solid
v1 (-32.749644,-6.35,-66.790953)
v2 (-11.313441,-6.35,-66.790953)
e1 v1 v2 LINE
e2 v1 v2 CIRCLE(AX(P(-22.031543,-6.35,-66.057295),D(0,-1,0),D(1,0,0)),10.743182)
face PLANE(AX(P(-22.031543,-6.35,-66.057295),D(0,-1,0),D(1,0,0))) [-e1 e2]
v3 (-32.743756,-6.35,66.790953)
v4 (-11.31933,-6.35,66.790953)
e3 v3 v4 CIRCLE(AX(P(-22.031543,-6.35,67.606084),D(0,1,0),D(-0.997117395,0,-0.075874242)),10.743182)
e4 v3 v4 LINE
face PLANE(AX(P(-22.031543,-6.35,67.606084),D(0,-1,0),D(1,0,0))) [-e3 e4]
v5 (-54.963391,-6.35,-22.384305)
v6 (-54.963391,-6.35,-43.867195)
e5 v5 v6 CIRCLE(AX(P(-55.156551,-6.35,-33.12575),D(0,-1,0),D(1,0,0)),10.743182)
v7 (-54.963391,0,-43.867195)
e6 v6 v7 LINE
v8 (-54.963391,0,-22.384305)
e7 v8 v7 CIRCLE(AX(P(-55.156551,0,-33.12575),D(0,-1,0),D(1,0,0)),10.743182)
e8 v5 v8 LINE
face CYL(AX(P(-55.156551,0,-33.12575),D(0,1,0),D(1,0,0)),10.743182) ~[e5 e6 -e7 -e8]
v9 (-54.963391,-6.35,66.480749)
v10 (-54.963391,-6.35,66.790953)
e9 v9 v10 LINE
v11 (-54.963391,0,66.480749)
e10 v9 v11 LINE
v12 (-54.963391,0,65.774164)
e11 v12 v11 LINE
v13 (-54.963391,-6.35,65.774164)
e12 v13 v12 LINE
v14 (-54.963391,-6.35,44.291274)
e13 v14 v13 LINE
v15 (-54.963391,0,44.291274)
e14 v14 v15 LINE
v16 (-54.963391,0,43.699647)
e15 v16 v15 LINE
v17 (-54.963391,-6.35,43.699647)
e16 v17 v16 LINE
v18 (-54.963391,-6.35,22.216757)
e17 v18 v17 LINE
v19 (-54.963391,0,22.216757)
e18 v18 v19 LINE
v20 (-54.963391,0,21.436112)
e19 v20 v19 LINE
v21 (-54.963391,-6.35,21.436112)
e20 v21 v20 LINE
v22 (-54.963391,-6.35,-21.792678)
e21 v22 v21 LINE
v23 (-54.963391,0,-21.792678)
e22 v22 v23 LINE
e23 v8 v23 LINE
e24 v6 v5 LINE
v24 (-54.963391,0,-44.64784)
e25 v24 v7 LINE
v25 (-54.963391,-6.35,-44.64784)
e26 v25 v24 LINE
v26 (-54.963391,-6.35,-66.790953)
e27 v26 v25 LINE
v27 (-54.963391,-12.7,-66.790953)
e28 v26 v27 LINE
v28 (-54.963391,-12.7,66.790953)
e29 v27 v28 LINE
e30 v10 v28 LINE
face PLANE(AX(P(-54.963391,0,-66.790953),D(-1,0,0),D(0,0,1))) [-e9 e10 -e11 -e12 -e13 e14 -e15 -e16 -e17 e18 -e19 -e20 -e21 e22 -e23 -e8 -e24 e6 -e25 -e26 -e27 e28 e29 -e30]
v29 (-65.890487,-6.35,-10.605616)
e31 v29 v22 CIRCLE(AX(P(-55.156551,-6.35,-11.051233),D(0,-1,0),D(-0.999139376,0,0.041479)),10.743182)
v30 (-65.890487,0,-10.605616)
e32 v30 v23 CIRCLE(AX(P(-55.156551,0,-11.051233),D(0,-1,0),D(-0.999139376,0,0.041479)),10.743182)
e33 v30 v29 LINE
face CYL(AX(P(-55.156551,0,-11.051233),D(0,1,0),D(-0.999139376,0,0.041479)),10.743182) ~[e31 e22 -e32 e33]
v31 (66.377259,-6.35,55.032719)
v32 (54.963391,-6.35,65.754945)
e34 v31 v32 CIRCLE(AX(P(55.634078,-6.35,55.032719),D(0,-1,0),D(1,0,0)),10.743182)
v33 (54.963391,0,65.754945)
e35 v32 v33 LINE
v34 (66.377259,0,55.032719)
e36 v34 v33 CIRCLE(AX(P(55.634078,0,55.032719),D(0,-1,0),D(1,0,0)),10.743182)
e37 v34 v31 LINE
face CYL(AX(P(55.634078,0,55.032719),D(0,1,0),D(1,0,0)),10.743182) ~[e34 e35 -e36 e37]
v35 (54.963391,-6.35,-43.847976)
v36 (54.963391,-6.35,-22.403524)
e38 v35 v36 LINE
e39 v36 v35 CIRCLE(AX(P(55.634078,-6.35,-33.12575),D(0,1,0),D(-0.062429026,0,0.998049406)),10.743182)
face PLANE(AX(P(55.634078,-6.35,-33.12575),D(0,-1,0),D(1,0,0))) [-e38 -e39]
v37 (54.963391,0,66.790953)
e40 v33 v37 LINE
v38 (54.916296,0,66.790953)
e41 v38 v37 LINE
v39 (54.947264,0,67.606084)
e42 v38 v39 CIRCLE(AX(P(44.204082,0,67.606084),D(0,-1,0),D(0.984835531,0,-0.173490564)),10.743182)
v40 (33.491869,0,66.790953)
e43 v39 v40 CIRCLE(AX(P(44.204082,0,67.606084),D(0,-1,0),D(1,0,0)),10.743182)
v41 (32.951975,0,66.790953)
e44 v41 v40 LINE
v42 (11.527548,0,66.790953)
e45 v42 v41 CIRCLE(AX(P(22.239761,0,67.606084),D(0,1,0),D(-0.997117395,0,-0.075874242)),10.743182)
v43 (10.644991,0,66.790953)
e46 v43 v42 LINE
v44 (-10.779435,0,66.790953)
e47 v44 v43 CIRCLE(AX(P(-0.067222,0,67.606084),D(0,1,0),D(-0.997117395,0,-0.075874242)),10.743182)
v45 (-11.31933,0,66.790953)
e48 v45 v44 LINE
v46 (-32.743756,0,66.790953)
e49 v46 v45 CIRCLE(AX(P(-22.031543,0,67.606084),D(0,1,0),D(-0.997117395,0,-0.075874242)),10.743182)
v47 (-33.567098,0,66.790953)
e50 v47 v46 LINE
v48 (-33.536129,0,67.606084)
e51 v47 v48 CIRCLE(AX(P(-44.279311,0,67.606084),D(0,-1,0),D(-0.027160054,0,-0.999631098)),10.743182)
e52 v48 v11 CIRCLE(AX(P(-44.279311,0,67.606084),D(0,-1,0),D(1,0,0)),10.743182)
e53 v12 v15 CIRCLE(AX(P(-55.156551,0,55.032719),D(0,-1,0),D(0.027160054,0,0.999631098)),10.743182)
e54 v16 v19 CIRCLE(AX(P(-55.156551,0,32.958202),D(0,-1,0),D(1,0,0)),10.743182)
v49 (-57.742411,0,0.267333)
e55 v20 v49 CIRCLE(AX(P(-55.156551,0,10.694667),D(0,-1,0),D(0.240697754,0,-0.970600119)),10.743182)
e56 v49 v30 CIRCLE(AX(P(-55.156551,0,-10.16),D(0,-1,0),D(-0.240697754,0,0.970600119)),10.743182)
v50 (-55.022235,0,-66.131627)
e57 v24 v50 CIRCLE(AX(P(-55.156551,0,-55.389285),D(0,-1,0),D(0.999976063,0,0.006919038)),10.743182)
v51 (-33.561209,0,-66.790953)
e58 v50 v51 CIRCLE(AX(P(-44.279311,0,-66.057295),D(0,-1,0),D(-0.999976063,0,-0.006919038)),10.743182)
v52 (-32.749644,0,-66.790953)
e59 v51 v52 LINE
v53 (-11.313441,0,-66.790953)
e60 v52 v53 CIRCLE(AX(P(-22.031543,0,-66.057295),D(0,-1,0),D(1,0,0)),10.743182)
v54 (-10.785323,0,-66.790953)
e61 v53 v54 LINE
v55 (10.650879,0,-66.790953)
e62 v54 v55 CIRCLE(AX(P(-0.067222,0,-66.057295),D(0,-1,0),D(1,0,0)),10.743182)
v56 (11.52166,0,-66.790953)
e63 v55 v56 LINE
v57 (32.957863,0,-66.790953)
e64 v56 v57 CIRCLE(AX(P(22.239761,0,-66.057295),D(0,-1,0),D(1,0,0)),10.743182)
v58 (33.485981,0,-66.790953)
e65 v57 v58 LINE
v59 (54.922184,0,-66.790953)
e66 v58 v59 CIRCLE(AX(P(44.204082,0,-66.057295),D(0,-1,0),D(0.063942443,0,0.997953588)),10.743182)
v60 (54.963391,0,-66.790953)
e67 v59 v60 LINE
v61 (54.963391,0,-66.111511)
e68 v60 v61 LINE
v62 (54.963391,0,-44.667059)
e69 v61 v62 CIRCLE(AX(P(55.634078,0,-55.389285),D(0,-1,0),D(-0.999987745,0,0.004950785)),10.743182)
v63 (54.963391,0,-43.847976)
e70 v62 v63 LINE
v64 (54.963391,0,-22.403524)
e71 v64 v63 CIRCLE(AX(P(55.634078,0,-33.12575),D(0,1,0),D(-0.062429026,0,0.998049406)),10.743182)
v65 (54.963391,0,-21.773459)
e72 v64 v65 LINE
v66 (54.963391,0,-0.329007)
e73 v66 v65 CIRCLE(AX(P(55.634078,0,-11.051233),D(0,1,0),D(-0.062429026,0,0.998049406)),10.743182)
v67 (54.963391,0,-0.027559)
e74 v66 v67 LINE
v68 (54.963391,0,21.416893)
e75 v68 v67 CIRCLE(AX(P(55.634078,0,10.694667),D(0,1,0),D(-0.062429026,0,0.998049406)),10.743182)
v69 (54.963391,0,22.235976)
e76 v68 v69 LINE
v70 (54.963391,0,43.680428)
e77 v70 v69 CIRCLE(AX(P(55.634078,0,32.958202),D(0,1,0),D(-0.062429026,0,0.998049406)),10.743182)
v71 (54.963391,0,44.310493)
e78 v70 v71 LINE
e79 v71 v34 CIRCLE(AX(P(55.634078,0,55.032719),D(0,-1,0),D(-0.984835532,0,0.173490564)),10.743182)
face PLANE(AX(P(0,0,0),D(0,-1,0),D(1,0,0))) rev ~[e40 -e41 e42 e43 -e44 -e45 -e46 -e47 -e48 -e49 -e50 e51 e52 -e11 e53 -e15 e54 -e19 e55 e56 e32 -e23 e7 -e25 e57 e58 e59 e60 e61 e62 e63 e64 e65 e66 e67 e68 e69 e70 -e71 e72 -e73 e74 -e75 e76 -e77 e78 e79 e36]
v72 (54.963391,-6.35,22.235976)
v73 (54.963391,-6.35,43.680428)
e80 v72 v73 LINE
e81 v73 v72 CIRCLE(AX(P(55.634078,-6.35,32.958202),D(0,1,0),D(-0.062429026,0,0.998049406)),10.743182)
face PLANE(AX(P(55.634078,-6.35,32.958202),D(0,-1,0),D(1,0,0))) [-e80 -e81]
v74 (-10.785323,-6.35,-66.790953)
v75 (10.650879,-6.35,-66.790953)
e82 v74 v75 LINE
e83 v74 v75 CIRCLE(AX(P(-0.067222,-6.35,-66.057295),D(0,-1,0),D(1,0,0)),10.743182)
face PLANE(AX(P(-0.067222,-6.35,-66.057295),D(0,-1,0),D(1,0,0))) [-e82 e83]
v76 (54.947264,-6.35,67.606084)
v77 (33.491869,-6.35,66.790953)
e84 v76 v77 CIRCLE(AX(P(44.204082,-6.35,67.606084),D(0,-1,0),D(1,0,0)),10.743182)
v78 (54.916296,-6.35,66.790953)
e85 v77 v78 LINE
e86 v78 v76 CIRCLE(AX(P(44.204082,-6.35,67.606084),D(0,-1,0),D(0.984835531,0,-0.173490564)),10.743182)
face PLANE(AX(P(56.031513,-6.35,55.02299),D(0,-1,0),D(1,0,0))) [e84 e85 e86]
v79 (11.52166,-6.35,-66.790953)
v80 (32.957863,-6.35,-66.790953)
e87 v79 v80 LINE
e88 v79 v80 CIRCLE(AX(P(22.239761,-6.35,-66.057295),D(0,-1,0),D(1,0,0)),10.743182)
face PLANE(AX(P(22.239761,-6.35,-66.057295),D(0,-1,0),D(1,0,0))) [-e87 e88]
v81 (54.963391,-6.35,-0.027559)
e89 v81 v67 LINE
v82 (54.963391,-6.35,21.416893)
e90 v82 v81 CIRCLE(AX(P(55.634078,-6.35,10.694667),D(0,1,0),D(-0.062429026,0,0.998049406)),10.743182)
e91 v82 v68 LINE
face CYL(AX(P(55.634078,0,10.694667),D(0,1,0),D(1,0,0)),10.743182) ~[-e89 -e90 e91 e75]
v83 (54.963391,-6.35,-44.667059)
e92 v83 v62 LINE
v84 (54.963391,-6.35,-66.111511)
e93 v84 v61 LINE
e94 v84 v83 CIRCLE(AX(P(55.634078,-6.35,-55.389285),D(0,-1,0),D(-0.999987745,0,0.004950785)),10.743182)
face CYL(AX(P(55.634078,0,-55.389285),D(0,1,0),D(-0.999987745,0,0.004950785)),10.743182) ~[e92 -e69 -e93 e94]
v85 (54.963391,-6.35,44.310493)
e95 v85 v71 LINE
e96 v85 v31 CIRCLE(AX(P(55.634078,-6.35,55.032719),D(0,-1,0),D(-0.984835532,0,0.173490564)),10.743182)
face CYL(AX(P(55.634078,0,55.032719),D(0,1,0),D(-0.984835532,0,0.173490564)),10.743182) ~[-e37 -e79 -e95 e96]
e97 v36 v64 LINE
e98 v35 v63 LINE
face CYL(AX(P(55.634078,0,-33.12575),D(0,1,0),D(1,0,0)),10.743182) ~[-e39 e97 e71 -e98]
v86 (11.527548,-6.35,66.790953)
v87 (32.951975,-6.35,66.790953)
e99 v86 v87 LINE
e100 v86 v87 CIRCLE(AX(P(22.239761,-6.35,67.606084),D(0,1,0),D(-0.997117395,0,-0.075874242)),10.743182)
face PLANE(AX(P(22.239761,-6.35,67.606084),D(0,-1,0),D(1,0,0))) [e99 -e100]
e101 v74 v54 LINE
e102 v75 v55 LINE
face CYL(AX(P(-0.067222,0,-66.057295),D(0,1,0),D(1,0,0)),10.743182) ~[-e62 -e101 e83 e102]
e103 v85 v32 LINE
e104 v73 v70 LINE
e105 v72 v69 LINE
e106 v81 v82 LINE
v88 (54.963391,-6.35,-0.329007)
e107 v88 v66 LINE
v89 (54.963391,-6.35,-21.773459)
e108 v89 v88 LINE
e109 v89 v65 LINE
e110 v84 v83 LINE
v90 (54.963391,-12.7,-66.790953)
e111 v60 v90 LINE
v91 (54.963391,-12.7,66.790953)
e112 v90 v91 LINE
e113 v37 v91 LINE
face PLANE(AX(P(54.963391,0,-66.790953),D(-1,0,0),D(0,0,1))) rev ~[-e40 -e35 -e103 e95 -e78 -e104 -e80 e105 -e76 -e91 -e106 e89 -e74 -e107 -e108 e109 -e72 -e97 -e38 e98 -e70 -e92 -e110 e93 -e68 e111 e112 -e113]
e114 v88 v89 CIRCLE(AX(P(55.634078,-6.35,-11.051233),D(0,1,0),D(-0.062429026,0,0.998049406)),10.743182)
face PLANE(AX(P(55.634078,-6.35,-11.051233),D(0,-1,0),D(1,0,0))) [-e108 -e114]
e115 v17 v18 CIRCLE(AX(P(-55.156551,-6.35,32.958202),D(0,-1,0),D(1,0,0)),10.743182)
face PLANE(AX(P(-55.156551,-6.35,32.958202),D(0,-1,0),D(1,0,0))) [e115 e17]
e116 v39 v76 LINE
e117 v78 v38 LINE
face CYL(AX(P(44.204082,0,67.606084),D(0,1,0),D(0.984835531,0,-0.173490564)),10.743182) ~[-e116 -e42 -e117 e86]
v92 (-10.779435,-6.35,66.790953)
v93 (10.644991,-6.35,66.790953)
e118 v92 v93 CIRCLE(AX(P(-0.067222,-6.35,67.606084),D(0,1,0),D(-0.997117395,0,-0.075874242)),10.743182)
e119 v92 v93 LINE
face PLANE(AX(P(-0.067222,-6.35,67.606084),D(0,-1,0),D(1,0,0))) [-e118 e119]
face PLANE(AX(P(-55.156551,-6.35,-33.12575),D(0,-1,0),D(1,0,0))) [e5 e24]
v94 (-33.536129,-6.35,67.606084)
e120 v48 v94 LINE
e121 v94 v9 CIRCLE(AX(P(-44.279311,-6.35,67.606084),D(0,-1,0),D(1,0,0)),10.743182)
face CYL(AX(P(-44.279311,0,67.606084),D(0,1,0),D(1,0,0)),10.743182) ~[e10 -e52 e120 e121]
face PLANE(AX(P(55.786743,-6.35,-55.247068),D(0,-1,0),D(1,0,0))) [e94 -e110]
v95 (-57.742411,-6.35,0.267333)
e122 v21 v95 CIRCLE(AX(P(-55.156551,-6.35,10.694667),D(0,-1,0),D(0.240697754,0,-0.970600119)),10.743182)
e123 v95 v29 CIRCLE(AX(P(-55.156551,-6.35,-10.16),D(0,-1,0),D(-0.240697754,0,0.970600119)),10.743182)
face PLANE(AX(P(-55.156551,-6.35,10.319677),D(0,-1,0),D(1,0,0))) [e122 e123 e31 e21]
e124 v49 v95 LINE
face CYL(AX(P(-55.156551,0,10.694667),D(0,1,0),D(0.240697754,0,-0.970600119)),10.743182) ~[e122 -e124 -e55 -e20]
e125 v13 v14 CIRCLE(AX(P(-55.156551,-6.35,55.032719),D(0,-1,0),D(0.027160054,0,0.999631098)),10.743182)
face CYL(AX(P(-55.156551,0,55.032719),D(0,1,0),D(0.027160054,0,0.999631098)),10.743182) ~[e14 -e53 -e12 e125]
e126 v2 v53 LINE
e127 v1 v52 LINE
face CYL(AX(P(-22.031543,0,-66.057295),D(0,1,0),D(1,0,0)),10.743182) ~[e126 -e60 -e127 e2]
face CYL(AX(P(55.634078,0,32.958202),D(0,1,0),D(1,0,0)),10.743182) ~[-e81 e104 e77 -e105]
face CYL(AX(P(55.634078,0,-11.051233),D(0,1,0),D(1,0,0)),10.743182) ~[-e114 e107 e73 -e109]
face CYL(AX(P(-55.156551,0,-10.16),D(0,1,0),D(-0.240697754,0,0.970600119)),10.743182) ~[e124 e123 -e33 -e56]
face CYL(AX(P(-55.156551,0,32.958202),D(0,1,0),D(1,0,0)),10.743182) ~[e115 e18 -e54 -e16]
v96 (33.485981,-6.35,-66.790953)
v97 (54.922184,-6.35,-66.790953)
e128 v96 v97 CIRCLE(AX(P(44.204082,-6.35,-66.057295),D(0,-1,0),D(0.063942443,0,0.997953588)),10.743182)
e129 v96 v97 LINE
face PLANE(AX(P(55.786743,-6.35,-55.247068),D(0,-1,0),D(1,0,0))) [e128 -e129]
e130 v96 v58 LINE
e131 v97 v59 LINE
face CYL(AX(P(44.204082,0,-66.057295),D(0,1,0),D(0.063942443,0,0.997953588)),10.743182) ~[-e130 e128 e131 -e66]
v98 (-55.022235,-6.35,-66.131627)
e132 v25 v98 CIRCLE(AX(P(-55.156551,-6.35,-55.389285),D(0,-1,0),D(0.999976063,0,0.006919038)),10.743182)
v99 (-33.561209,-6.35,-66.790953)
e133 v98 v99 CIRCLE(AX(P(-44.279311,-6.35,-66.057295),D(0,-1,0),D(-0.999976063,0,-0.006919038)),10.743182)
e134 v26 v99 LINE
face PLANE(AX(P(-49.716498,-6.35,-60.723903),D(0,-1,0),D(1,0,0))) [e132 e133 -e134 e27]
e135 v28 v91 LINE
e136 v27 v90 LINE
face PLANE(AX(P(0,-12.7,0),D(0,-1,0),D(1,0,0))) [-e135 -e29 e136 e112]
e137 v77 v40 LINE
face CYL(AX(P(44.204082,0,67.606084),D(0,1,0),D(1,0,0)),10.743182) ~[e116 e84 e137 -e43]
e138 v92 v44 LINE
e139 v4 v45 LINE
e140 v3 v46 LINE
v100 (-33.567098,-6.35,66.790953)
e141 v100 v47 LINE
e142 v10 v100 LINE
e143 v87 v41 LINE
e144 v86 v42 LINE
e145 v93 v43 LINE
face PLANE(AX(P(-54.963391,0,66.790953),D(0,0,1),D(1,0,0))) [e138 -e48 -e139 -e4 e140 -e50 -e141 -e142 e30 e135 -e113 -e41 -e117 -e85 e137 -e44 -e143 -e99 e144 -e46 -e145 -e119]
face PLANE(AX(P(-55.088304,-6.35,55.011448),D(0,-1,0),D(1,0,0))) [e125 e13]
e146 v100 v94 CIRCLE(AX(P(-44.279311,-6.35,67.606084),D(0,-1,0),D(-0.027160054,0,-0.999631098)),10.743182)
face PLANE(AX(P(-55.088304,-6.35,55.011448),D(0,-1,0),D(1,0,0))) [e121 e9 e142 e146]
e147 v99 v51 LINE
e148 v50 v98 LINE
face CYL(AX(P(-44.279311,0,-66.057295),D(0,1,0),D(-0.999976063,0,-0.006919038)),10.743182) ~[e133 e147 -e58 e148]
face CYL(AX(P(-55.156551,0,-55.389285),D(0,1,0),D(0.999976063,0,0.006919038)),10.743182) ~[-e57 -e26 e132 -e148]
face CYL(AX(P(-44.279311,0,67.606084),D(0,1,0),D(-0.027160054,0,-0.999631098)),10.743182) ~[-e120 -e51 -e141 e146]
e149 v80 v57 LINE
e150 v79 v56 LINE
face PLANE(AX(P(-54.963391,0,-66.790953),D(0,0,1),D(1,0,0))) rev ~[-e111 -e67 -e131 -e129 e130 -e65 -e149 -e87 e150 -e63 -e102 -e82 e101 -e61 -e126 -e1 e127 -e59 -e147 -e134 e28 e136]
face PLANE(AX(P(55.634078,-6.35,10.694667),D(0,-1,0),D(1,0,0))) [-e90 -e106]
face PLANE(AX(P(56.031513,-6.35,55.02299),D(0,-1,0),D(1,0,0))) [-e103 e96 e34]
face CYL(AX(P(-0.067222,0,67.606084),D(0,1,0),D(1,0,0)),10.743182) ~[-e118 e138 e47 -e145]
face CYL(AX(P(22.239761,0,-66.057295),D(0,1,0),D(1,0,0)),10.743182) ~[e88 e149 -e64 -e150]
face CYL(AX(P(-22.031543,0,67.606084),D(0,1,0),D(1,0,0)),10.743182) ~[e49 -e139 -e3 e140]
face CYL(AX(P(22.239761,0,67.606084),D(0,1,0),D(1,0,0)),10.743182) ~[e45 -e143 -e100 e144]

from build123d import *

# Parameters (mm, degrees)
F0_W     = 109.9267825484
F0_H     = 133.5819065571
F1_DEPTH = 12.7
F2_R     = 10.7431816759
F3_DEPTH = 6.35


with BuildPart() as f1:
    # F0 (on Front) → F1 (new body)
    with BuildSketch(Plane.XZ):
        Rectangle(F0_W, F0_H)
    extrude(amount=F1_DEPTH)

    # F2 (on Front) → F3 (join)
    with BuildSketch(Plane.XZ):
        with BuildLine():
            ThreePointArc((-54.8647659043, 65.771937418), (-62.855598517, 47.5400141751), (-44.4133696256, 55.0327189267))
            ThreePointArc((-44.4133696256, 55.0327189267), (-44.4528739131, 55.9531769039), (-44.5710962495, 56.8668655575))
            ThreePointArc((-44.5710962495, 56.8668655575), (-51.3080850098, 59.4812895059), (-54.8647659043, 65.771937418))
        make_face()
        with BuildLine():
            ThreePointArc((-54.8647659043, 65.771937418), (-51.3080850098, 59.4812895059), (-44.5710962495, 56.8668655575))
            ThreePointArc((-44.5710962495, 56.8668655575), (-48.127777144, 63.1575134696), (-54.8647659043, 65.771937418))
        make_face()
        with BuildLine():
            ThreePointArc((-54.8647659043, 65.771937418), (-48.127777144, 63.1575134696), (-44.5710962495, 56.8668655575))
            ThreePointArc((-44.5710962495, 56.8668655575), (-36.7866061007, 59.9070368332), (-33.5361291764, 67.6060840487))
            ThreePointArc((-33.5361291764, 67.6060840487), (-45.1997688295, 78.3097614371), (-54.8647659043, 65.771937418))
        make_face()
        with Locations((-55.1565513015, 32.958202064)):
            Circle(F2_R)
        with BuildLine():
            ThreePointArc((-52.5706916024, 0.2673333511), (-46.6949819123, 4.0751655765), (-44.4133696256, 10.6946667656))
            ThreePointArc((-44.4133696256, 10.6946667656), (-61.7760524906, 19.1562361549), (-57.7424110006, 0.2673333511))
            ThreePointArc((-57.7424110006, 0.2673333511), (-55.1565513015, 0.5831816124), (-52.5706916024, 0.2673333511))
        make_face()
        with BuildLine():
            ThreePointArc((-52.5706916024, 0.2673333511), (-55.1565513015, 0.5831816124), (-57.7424110006, 0.2673333511))
            ThreePointArc((-57.7424110006, 0.2673333511), (-55.1565513015, -0.0485149103), (-52.5706916024, 0.2673333511))
        make_face()
        with BuildLine():
            ThreePointArc((-52.5706916024, 0.2673333511), (-55.1565513015, -0.0485149103), (-57.7424110006, 0.2673333511))
            ThreePointArc((-57.7424110006, 0.2673333511), (-63.7536146291, -3.7174497406), (-65.8904871368, -10.605616495))
            ThreePointArc((-65.8904871368, -10.605616495), (-55.1565513015, -0.3080512506), (-44.4226154661, -10.605616495))
            ThreePointArc((-44.4226154661, -10.605616495), (-44.4156813344, -10.3828562333), (-44.4133696256, -10.1600000635))
            ThreePointArc((-44.4133696256, -10.1600000635), (-46.6949819123, -3.5404988743), (-52.5706916024, 0.2673333511))
        make_face()
        with BuildLine():
            ThreePointArc((-44.4226154661, -10.605616495), (-55.1565513015, -0.3080512506), (-65.8904871368, -10.605616495))
            ThreePointArc((-65.8904871368, -10.605616495), (-55.1565513015, -20.9031817394), (-44.4226154661, -10.605616495))
        make_face()
        with BuildLine():
            ThreePointArc((-44.4226154661, -10.605616495), (-55.1565513015, -20.9031817394), (-65.8904871368, -10.605616495))
            ThreePointArc((-65.8904871368, -10.605616495), (-55.3794074713, -21.7921028936), (-44.4133696256, -11.0512329265))
            ThreePointArc((-44.4133696256, -11.0512329265), (-44.4156813344, -10.8283767568), (-44.4226154661, -10.605616495))
        make_face()
        with Locations((-55.1565513015, -33.1257497892)):
            Circle(F2_R)
        with BuildLine():
            ThreePointArc((-55.0222353705, -66.1316270926), (-47.5126343419, -62.9382244857), (-44.4133696256, -55.3892850876))
            ThreePointArc((-44.4133696256, -55.3892850876), (-44.4134339152, -55.3521186225), (-44.4136267833, -55.3149526022))
            ThreePointArc((-44.4136267833, -55.3149526022), (-51.9492979256, -58.5348448189), (-55.0222353705, -66.1316270926))
        make_face()
        with BuildLine():
            ThreePointArc((-44.4136267833, -55.3149526022), (-44.4134339152, -55.3521186225), (-44.4133696256, -55.3892850876))
            ThreePointArc((-44.4133696256, -55.3892850876), (-47.5126343419, -62.9382244857), (-55.0222353705, -66.1316270926))
            ThreePointArc((-55.0222353705, -66.1316270926), (-44.2421443872, -76.8004119934), (-33.5361291764, -66.0572946072))
            ThreePointArc((-33.5361291764, -66.0572946072), (-36.7303714542, -58.4133776476), (-44.4136267833, -55.3149526022))
        make_face()
        with BuildLine():
            ThreePointArc((-55.0222353705, -66.1316270926), (-51.9492979256, -58.5348448189), (-44.4136267833, -55.3149526022))
            ThreePointArc((-44.4136267833, -55.3149526022), (-62.8265383748, -47.8668352994), (-55.0222353705, -66.1316270926))
        make_face()
        with BuildLine():
            ThreePointArc((45.0538106025, 56.8965595774), (54.698604075, 44.3303434084), (66.3772593143, 55.0327189267))
            ThreePointArc((66.3772593143, 55.0327189267), (62.9240422275, 62.9240032841), (54.7843493759, 65.742243398))
            ThreePointArc((54.7843493759, 65.742243398), (51.4306118455, 59.6566674772), (45.0538106025, 56.8965595774))
        make_face()
        with BuildLine():
            ThreePointArc((45.0538106025, 56.8965595774), (51.4306118455, 59.6566674772), (54.7843493759, 65.742243398))
            ThreePointArc((54.7843493759, 65.742243398), (48.4075481329, 62.9821354982), (45.0538106025, 56.8965595774))
        make_face()
        with BuildLine():
            ThreePointArc((45.0538106025, 56.8965595774), (48.4075481329, 62.9821354982), (54.7843493759, 65.742243398))
            ThreePointArc((54.7843493759, 65.742243398), (54.9064578583, 66.6706104853), (54.9472640159, 67.6060840487))
            ThreePointArc((54.9472640159, 67.6060840487), (36.3127979825, 74.8960486379), (45.0538106025, 56.8965595774))
        make_face()
        with Locations((55.6340776384, 32.958202064)):
            Circle(F2_R)
        with Locations((55.6340776384, 10.6946667656)):
            Circle(F2_R)
        with Locations((55.6340776384, -11.0512329265)):
            Circle(F2_R)
        with Locations((55.6340776384, -33.1257497892)):
            Circle(F2_R)
        with BuildLine():
            ThreePointArc((54.947132356, -66.1104817885), (62.9837706439, -63.2249704594), (66.3772593143, -55.3892850876))
            ThreePointArc((66.3772593143, -55.3892850876), (55.6606713106, -44.6461363267), (44.8910276224, -55.3360979062))
            ThreePointArc((44.8910276224, -55.3360979062), (52.0397677118, -58.7076016016), (54.9472640159, -66.0572946072))
            ThreePointArc((54.9472640159, -66.0572946072), (54.9472311009, -66.0838882793), (54.947132356, -66.1104817885))
        make_face()
        with BuildLine():
            ThreePointArc((54.9472640159, -66.0572946072), (52.0397677118, -58.7076016016), (44.8910276224, -55.3360979062))
            ThreePointArc((44.8910276224, -55.3360979062), (47.7802228434, -62.7195591193), (54.947132356, -66.1104817885))
            ThreePointArc((54.947132356, -66.1104817885), (54.9472311009, -66.0838882793), (54.9472640159, -66.0572946072))
        make_face()
        with BuildLine():
            ThreePointArc((54.947132356, -66.1104817885), (47.7802228434, -62.7195591193), (44.8910276224, -55.3360979062))
            ThreePointArc((44.8910276224, -55.3360979062), (36.350227545, -73.3875686389), (54.947132356, -66.1104817885))
        make_face()
        with Locations((22.239761427, 67.6060840487)):
            Circle(F2_R)
        with Locations((-0.0672219321, 67.6060840487)):
            Circle(F2_R)
        with Locations((-22.0315428451, 67.6060840487)):
            Circle(F2_R)
        with Locations((22.239761427, -66.0572946072)):
            Circle(F2_R)
        with Locations((-0.0672219321, -66.0572946072)):
            Circle(F2_R)
        with Locations((-22.0315428451, -66.0572946072)):
            Circle(F2_R)
    extrude(amount=F3_DEPTH)


solid = f1.part
